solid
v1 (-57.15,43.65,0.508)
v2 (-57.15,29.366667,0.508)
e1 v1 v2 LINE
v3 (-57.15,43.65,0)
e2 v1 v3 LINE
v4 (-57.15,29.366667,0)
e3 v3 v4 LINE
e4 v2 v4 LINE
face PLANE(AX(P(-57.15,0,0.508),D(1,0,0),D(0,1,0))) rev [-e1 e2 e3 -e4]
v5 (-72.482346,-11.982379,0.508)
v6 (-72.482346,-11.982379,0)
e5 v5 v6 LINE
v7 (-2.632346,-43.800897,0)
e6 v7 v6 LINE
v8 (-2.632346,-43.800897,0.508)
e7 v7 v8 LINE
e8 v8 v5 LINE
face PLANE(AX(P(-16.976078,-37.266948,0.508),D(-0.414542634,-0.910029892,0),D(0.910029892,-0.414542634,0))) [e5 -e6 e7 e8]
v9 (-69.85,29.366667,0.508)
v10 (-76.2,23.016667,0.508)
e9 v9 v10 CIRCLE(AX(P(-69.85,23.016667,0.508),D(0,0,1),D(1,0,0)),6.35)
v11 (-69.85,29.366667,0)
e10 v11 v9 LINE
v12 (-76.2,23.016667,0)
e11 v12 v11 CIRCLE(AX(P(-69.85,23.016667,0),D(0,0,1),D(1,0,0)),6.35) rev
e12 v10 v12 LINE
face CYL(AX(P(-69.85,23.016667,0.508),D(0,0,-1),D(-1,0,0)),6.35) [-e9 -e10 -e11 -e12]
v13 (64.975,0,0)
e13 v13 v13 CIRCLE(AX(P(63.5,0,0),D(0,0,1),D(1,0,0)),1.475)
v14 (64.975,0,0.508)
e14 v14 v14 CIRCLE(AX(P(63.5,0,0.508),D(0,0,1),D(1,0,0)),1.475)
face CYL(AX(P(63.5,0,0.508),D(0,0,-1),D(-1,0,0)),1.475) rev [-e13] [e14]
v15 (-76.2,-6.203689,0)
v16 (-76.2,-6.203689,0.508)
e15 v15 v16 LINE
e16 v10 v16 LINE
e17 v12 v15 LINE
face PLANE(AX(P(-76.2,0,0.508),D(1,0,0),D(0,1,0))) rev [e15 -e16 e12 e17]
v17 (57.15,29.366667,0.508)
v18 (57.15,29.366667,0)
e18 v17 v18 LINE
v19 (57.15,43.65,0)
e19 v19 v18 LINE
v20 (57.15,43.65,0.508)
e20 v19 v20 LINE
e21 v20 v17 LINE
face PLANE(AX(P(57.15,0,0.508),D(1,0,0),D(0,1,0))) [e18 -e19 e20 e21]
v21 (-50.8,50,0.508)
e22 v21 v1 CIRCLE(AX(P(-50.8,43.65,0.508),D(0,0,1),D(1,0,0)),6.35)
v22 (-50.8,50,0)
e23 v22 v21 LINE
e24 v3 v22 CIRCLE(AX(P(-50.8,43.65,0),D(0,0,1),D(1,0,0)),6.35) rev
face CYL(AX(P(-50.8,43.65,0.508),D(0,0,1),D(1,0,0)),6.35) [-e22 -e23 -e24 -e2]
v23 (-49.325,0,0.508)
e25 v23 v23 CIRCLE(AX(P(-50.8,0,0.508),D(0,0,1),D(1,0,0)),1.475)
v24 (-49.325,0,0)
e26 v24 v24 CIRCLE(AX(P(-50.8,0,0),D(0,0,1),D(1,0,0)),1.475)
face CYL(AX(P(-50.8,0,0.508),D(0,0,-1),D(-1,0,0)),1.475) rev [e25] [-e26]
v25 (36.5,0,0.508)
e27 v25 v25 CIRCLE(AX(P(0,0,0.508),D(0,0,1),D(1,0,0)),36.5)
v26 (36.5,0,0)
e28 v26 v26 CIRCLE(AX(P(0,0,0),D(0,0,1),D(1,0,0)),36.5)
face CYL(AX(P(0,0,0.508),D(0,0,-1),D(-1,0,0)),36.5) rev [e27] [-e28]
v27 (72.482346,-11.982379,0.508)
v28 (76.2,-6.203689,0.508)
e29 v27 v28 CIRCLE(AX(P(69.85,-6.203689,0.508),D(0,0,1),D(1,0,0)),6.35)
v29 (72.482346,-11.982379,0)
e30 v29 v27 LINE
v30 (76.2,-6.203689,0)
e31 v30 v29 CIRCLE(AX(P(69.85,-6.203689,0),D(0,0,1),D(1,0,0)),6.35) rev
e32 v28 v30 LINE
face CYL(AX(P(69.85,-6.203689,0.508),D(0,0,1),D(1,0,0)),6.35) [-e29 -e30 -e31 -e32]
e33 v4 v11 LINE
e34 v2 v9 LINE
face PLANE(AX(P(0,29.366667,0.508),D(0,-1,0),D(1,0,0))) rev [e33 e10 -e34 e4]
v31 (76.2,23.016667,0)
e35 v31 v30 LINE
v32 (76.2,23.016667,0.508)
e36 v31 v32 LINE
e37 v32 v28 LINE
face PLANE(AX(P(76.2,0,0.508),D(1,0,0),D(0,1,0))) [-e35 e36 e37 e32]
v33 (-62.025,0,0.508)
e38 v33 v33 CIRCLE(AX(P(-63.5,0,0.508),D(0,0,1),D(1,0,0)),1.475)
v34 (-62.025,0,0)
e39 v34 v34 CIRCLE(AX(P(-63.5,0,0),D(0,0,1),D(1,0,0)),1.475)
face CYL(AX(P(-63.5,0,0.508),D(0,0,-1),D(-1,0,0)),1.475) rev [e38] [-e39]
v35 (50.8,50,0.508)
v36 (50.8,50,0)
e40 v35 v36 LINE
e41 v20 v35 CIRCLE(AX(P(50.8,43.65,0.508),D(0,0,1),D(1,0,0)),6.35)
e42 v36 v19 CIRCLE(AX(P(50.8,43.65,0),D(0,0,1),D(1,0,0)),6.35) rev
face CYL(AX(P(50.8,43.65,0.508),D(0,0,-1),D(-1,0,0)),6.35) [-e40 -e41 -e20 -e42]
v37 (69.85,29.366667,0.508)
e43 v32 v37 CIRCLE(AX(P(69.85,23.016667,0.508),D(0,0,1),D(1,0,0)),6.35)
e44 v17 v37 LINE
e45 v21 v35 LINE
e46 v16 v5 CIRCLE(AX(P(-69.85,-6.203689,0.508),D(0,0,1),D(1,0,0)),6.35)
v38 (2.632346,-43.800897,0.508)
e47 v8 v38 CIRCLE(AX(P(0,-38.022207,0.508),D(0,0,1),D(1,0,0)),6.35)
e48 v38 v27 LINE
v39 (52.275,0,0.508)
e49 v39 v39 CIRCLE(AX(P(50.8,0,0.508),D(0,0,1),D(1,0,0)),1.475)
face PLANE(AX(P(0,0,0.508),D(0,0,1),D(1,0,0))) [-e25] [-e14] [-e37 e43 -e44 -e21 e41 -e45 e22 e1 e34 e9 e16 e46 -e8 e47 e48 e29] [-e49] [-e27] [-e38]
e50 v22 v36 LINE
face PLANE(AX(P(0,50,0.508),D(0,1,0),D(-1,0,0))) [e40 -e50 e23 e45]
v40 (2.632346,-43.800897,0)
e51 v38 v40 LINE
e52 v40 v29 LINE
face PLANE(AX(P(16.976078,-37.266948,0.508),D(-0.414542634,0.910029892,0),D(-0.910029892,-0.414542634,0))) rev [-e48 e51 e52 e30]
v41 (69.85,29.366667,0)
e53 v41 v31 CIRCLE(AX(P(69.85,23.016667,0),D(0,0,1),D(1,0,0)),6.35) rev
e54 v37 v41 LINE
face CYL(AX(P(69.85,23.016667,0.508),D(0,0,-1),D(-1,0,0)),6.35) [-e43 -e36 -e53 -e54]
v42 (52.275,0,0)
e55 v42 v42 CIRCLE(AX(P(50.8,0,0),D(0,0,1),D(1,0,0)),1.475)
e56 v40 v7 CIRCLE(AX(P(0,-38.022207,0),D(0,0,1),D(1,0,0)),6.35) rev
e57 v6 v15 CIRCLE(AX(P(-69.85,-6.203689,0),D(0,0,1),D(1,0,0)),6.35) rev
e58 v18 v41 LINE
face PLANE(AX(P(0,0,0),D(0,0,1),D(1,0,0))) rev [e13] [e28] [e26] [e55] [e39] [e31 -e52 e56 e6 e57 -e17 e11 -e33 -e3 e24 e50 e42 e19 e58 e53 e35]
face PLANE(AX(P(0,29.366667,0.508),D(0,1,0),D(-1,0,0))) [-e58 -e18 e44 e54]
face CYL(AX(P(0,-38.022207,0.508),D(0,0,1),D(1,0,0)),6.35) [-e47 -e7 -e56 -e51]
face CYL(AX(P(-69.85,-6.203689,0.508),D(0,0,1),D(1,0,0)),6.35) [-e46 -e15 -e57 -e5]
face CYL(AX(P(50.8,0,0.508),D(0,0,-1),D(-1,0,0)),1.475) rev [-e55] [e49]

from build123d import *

# Parameters (mm, degrees)
SKETCH2_R           = 1.475
SKETCH2_R_2         = 36.5
SKETCH2_W           = 19.05
SKETCH2_H           = 25.4
SKETCH2_H_2         = 7.933333334
BOSS_EXTRUDE1_DEPTH = 0.508
FILLET1_R           = 6.35


with BuildPart() as part:
    # Sketch2 → Boss-Extrude1 (new body)
    # profile 1 of 7: a face of its own
    with BuildSketch(Plane.XY):
        Polygon((57.15, 50), (-57.15, 50), (-57.15, 29.366666667), (-57.15, 3.966666667), (-57.15, -3.966666667), (-57.15, -18.966666667), (0, -45), (57.15, -18.966666667), (57.15, -3.966666667), (57.15, 3.966666667), (57.15, 29.366666667), align=None)
        with Locations((-50.8, 0)):
            Circle(SKETCH2_R, mode=Mode.SUBTRACT)
        Circle(SKETCH2_R_2, mode=Mode.SUBTRACT)
        with Locations((50.8, 0)):
            Circle(SKETCH2_R, mode=Mode.SUBTRACT)
    # profile 2 of 7: a face of its own
    with BuildSketch(Plane.XY):
        with Locations((-66.675, 16.666666667)):
            Rectangle(SKETCH2_W, SKETCH2_H)
    # profile 3 of 7: a face of its own
    with BuildSketch(Plane.XY):
        with Locations((-66.675, 0)):
            Rectangle(SKETCH2_W, SKETCH2_H_2)
        with Locations((-63.5, 0)):
            Circle(SKETCH2_R, mode=Mode.SUBTRACT)
    # profile 4 of 7: a face of its own
    with BuildSketch(Plane.XY):
        Polygon((-57.15, -18.966666667), (-57.15, -3.966666667), (-76.2, -3.966666667), (-76.2, -10.288888889), align=None)
    # profile 5 of 7: a face of its own
    with BuildSketch(Plane.XY):
        Polygon((76.2, -3.966666667), (57.15, -3.966666667), (57.15, -18.966666667), (76.2, -10.288888889), align=None)
    # profile 6 of 7: a face of its own
    with BuildSketch(Plane.XY):
        with Locations((66.675, 0)):
            Rectangle(SKETCH2_W, SKETCH2_H_2)
        with Locations((63.5, 0)):
            Circle(SKETCH2_R, mode=Mode.SUBTRACT)
    # profile 7 of 7: a face of its own
    with BuildSketch(Plane.XY):
        with Locations((66.675, 16.666666667)):
            Rectangle(SKETCH2_W, SKETCH2_H)
    extrude(amount=BOSS_EXTRUDE1_DEPTH)

    # Fillet1
    fillet1_edges = [part.edges().sort_by_distance(p)[0] for p in [
        (0, -45, 0.254),
        (-76.2, -10.288888889, 0.254),
        (-76.2, 29.366666667, 0.254),
        (-57.15, 50, 0.254),
        (57.15, 50, 0.254),
        (76.2, 29.366666667, 0.254),
        (76.2, -10.288888889, 0.254),
    ]]
    fillet(fillet1_edges, radius=FILLET1_R)


solid = part.part
